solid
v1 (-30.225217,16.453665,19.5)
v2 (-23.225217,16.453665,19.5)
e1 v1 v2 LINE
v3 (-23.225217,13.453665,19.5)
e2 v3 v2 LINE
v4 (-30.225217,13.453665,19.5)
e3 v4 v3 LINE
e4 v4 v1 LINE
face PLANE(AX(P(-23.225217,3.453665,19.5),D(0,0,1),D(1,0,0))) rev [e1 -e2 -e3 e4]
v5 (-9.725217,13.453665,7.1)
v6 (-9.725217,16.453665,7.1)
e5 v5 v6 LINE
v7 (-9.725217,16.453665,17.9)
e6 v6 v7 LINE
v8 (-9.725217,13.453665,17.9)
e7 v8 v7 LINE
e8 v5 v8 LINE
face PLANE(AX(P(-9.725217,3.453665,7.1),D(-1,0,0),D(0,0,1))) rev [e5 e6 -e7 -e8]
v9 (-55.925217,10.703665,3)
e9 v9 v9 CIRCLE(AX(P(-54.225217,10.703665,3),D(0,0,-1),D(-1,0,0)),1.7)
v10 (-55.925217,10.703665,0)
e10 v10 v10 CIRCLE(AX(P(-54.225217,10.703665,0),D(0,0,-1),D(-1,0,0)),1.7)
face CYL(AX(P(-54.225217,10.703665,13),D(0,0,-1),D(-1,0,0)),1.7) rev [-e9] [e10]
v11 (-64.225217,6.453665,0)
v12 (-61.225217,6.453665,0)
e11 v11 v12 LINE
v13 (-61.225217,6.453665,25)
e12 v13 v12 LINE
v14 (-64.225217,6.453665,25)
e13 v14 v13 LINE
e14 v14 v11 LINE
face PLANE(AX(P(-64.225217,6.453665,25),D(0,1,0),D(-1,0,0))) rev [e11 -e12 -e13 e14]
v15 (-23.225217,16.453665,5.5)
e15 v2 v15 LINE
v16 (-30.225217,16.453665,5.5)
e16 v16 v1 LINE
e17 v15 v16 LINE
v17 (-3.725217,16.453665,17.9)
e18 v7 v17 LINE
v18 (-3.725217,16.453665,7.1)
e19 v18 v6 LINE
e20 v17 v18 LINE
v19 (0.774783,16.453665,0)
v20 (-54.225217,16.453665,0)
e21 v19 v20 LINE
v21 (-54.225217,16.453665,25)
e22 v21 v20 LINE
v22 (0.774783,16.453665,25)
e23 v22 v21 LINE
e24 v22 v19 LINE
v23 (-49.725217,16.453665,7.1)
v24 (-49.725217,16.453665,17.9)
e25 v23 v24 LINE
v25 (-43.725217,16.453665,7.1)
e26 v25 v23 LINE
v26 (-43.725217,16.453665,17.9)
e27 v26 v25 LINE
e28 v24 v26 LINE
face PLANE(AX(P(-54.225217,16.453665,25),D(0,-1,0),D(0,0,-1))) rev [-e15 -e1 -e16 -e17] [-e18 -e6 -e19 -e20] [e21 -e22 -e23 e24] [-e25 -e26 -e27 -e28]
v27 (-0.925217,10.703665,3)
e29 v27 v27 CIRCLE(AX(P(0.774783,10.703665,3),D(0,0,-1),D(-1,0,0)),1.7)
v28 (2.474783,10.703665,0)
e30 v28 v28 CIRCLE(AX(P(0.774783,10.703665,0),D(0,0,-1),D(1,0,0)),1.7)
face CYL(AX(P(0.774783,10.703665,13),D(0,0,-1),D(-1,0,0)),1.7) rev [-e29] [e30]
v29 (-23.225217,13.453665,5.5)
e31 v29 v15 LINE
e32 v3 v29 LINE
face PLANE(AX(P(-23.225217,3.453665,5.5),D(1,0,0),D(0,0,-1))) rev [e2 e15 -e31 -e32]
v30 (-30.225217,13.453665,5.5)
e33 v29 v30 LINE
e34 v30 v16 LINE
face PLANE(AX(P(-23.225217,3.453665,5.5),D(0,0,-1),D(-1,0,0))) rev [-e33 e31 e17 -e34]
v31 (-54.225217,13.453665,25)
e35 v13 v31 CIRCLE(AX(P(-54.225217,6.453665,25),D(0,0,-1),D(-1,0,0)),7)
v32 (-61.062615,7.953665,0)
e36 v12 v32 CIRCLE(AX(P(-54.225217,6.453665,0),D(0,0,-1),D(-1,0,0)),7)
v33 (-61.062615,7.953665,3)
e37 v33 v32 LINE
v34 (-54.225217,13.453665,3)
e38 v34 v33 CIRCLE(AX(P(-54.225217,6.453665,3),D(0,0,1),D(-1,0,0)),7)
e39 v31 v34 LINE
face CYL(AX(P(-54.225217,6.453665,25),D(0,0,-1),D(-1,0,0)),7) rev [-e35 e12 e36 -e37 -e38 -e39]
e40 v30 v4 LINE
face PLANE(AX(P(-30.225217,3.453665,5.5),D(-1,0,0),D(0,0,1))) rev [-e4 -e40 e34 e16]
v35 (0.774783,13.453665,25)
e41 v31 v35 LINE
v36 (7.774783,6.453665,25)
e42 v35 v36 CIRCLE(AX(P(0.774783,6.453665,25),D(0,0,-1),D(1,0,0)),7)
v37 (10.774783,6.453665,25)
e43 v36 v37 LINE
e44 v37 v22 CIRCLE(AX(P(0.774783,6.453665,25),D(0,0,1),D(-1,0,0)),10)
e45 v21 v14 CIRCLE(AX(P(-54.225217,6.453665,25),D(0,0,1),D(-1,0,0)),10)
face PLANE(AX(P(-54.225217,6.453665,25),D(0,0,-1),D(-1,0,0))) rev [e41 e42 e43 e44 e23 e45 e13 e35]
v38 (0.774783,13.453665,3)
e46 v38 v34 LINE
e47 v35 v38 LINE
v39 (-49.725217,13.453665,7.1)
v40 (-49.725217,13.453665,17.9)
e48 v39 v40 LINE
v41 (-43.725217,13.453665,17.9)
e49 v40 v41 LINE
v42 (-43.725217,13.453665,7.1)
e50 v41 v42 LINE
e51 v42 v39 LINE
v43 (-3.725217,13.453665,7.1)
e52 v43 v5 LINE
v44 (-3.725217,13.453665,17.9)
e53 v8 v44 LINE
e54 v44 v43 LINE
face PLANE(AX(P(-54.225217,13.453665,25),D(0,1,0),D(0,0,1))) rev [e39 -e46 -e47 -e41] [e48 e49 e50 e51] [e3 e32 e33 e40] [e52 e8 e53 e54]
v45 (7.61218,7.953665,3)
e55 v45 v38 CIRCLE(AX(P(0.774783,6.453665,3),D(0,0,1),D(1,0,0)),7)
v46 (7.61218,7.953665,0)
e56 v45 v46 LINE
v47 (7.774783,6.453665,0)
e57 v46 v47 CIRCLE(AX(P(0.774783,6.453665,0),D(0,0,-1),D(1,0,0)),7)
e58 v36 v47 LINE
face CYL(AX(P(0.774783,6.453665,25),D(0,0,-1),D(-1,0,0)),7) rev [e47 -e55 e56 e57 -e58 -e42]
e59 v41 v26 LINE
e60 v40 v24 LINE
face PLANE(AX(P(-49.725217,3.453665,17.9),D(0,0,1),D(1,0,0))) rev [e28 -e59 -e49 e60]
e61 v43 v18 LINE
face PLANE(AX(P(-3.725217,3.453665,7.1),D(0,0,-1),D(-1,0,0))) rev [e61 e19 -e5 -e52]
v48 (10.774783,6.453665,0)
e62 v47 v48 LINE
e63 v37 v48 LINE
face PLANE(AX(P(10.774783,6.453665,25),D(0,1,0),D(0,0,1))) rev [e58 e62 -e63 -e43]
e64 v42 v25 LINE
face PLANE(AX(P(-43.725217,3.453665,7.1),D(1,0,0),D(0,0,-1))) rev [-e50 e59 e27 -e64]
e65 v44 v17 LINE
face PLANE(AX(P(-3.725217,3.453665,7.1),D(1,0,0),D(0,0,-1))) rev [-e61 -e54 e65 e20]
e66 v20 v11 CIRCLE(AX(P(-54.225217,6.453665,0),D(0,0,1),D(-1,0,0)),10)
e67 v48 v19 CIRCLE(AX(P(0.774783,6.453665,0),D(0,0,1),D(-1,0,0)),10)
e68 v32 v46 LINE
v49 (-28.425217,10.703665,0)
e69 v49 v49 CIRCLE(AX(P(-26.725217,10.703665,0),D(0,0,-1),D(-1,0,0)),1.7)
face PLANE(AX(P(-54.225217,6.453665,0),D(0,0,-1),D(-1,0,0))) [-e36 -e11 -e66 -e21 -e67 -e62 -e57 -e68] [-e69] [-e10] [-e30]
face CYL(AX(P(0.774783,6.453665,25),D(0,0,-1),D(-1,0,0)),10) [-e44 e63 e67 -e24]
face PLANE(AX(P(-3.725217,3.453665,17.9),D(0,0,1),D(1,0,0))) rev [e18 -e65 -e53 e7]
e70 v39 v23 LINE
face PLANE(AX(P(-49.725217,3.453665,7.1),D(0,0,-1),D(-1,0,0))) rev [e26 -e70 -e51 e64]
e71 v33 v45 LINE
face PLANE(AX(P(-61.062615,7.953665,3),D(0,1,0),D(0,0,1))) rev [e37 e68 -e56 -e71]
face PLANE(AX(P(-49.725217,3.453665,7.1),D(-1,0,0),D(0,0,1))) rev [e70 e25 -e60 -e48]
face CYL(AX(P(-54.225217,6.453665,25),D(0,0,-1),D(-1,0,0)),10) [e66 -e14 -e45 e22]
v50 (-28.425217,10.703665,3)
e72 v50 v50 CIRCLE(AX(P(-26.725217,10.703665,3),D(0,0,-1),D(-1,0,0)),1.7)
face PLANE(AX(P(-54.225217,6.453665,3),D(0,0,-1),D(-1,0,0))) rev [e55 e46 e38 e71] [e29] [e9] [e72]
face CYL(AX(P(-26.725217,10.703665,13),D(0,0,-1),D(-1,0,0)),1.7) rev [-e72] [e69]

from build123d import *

# Parameters (mm, degrees)
BOSS_EXTRU_1_DEPTH      = 25
BOSS_EXTRU_2_DEPTH      = 3
ESQUISSE5_W             = 6
ESQUISSE5_H             = 10.8
ESQUISSE5_W_2           = 7
ESQUISSE5_H_2           = 14
ENL_V_MAT_EXTRU_1_DEPTH = 13
ESQUISSE6_R             = 1.7
ENL_V_MAT_EXTRU_2_DEPTH = 13


with BuildPart() as part:
    # Esquisse1 → Boss.-Extru.1 (new body)
    with BuildSketch(Plane.XY):
        with BuildLine():
            Line((-54.225217391, 16.453664596), (0.774782609, 16.453664596))
            ThreePointArc((0.774782609, 16.453664596), (7.845850421, 13.524732408), (10.774782609, 6.453664596))
            Line((10.774782609, 6.453664596), (7.774782609, 6.453664596))
            ThreePointArc((7.774782609, 6.453664596), (5.724530077, 11.403412065), (0.774782609, 13.453664596))
            Line((0.774782609, 13.453664596), (-54.225217391, 13.453664596))
            ThreePointArc((-54.225217391, 13.453664596), (-59.17496486, 11.403412065), (-61.225217391, 6.453664596))
            Line((-61.225217391, 6.453664596), (-64.225217391, 6.453664596))
            ThreePointArc((-64.225217391, 6.453664596), (-61.296285203, 13.524732408), (-54.225217391, 16.453664596))
        make_face()
    extrude(amount=BOSS_EXTRU_1_DEPTH)

    # Esquisse3 → Boss.-Extru.2 (add)
    with BuildSketch(Plane.XY):
        with BuildLine():
            Line((-61.062614557, 7.953664596), (7.612179774, 7.953664596))
            ThreePointArc((7.612179774, 7.953664596), (5.162264802, 11.908020654), (0.774782609, 13.453664596))
            Line((0.774782609, 13.453664596), (-54.225217391, 13.453664596))
            ThreePointArc((-54.225217391, 13.453664596), (-58.612699585, 11.908020654), (-61.062614557, 7.953664596))
        make_face()
    extrude(amount=BOSS_EXTRU_2_DEPTH)

    # Esquisse5 → Enlèv. mat.-Extru.1 (cut)
    with BuildSketch(Plane(origin=(0, 16.453664596, 0), x_dir=(1, 0, 0), z_dir=(0, 1, 0))):
        with Locations((-46.725217391, -12.5)):
            Rectangle(ESQUISSE5_W, ESQUISSE5_H)
        with Locations((-6.725217391, -12.5)):
            Rectangle(ESQUISSE5_W, ESQUISSE5_H)
        with Locations((-26.725217391, -12.5)):
            Rectangle(ESQUISSE5_W_2, ESQUISSE5_H_2)
    extrude(amount=-ENL_V_MAT_EXTRU_1_DEPTH, mode=Mode.SUBTRACT)

    # Esquisse6 → Enlèv. mat.-Extru.2 (cut)
    with BuildSketch(Plane(origin=(0, 0, 0), x_dir=(-1, 0, 0), z_dir=(0, 0, -1))):
        with Locations((-0.774782609, 10.703664596)):
            Circle(ESQUISSE6_R)
        with Locations((26.725217391, 10.703664596)):
            Circle(ESQUISSE6_R)
        with Locations((54.225217391, 10.703664596)):
            Circle(ESQUISSE6_R)
    extrude(amount=-ENL_V_MAT_EXTRU_2_DEPTH, mode=Mode.SUBTRACT)


solid = part.part
